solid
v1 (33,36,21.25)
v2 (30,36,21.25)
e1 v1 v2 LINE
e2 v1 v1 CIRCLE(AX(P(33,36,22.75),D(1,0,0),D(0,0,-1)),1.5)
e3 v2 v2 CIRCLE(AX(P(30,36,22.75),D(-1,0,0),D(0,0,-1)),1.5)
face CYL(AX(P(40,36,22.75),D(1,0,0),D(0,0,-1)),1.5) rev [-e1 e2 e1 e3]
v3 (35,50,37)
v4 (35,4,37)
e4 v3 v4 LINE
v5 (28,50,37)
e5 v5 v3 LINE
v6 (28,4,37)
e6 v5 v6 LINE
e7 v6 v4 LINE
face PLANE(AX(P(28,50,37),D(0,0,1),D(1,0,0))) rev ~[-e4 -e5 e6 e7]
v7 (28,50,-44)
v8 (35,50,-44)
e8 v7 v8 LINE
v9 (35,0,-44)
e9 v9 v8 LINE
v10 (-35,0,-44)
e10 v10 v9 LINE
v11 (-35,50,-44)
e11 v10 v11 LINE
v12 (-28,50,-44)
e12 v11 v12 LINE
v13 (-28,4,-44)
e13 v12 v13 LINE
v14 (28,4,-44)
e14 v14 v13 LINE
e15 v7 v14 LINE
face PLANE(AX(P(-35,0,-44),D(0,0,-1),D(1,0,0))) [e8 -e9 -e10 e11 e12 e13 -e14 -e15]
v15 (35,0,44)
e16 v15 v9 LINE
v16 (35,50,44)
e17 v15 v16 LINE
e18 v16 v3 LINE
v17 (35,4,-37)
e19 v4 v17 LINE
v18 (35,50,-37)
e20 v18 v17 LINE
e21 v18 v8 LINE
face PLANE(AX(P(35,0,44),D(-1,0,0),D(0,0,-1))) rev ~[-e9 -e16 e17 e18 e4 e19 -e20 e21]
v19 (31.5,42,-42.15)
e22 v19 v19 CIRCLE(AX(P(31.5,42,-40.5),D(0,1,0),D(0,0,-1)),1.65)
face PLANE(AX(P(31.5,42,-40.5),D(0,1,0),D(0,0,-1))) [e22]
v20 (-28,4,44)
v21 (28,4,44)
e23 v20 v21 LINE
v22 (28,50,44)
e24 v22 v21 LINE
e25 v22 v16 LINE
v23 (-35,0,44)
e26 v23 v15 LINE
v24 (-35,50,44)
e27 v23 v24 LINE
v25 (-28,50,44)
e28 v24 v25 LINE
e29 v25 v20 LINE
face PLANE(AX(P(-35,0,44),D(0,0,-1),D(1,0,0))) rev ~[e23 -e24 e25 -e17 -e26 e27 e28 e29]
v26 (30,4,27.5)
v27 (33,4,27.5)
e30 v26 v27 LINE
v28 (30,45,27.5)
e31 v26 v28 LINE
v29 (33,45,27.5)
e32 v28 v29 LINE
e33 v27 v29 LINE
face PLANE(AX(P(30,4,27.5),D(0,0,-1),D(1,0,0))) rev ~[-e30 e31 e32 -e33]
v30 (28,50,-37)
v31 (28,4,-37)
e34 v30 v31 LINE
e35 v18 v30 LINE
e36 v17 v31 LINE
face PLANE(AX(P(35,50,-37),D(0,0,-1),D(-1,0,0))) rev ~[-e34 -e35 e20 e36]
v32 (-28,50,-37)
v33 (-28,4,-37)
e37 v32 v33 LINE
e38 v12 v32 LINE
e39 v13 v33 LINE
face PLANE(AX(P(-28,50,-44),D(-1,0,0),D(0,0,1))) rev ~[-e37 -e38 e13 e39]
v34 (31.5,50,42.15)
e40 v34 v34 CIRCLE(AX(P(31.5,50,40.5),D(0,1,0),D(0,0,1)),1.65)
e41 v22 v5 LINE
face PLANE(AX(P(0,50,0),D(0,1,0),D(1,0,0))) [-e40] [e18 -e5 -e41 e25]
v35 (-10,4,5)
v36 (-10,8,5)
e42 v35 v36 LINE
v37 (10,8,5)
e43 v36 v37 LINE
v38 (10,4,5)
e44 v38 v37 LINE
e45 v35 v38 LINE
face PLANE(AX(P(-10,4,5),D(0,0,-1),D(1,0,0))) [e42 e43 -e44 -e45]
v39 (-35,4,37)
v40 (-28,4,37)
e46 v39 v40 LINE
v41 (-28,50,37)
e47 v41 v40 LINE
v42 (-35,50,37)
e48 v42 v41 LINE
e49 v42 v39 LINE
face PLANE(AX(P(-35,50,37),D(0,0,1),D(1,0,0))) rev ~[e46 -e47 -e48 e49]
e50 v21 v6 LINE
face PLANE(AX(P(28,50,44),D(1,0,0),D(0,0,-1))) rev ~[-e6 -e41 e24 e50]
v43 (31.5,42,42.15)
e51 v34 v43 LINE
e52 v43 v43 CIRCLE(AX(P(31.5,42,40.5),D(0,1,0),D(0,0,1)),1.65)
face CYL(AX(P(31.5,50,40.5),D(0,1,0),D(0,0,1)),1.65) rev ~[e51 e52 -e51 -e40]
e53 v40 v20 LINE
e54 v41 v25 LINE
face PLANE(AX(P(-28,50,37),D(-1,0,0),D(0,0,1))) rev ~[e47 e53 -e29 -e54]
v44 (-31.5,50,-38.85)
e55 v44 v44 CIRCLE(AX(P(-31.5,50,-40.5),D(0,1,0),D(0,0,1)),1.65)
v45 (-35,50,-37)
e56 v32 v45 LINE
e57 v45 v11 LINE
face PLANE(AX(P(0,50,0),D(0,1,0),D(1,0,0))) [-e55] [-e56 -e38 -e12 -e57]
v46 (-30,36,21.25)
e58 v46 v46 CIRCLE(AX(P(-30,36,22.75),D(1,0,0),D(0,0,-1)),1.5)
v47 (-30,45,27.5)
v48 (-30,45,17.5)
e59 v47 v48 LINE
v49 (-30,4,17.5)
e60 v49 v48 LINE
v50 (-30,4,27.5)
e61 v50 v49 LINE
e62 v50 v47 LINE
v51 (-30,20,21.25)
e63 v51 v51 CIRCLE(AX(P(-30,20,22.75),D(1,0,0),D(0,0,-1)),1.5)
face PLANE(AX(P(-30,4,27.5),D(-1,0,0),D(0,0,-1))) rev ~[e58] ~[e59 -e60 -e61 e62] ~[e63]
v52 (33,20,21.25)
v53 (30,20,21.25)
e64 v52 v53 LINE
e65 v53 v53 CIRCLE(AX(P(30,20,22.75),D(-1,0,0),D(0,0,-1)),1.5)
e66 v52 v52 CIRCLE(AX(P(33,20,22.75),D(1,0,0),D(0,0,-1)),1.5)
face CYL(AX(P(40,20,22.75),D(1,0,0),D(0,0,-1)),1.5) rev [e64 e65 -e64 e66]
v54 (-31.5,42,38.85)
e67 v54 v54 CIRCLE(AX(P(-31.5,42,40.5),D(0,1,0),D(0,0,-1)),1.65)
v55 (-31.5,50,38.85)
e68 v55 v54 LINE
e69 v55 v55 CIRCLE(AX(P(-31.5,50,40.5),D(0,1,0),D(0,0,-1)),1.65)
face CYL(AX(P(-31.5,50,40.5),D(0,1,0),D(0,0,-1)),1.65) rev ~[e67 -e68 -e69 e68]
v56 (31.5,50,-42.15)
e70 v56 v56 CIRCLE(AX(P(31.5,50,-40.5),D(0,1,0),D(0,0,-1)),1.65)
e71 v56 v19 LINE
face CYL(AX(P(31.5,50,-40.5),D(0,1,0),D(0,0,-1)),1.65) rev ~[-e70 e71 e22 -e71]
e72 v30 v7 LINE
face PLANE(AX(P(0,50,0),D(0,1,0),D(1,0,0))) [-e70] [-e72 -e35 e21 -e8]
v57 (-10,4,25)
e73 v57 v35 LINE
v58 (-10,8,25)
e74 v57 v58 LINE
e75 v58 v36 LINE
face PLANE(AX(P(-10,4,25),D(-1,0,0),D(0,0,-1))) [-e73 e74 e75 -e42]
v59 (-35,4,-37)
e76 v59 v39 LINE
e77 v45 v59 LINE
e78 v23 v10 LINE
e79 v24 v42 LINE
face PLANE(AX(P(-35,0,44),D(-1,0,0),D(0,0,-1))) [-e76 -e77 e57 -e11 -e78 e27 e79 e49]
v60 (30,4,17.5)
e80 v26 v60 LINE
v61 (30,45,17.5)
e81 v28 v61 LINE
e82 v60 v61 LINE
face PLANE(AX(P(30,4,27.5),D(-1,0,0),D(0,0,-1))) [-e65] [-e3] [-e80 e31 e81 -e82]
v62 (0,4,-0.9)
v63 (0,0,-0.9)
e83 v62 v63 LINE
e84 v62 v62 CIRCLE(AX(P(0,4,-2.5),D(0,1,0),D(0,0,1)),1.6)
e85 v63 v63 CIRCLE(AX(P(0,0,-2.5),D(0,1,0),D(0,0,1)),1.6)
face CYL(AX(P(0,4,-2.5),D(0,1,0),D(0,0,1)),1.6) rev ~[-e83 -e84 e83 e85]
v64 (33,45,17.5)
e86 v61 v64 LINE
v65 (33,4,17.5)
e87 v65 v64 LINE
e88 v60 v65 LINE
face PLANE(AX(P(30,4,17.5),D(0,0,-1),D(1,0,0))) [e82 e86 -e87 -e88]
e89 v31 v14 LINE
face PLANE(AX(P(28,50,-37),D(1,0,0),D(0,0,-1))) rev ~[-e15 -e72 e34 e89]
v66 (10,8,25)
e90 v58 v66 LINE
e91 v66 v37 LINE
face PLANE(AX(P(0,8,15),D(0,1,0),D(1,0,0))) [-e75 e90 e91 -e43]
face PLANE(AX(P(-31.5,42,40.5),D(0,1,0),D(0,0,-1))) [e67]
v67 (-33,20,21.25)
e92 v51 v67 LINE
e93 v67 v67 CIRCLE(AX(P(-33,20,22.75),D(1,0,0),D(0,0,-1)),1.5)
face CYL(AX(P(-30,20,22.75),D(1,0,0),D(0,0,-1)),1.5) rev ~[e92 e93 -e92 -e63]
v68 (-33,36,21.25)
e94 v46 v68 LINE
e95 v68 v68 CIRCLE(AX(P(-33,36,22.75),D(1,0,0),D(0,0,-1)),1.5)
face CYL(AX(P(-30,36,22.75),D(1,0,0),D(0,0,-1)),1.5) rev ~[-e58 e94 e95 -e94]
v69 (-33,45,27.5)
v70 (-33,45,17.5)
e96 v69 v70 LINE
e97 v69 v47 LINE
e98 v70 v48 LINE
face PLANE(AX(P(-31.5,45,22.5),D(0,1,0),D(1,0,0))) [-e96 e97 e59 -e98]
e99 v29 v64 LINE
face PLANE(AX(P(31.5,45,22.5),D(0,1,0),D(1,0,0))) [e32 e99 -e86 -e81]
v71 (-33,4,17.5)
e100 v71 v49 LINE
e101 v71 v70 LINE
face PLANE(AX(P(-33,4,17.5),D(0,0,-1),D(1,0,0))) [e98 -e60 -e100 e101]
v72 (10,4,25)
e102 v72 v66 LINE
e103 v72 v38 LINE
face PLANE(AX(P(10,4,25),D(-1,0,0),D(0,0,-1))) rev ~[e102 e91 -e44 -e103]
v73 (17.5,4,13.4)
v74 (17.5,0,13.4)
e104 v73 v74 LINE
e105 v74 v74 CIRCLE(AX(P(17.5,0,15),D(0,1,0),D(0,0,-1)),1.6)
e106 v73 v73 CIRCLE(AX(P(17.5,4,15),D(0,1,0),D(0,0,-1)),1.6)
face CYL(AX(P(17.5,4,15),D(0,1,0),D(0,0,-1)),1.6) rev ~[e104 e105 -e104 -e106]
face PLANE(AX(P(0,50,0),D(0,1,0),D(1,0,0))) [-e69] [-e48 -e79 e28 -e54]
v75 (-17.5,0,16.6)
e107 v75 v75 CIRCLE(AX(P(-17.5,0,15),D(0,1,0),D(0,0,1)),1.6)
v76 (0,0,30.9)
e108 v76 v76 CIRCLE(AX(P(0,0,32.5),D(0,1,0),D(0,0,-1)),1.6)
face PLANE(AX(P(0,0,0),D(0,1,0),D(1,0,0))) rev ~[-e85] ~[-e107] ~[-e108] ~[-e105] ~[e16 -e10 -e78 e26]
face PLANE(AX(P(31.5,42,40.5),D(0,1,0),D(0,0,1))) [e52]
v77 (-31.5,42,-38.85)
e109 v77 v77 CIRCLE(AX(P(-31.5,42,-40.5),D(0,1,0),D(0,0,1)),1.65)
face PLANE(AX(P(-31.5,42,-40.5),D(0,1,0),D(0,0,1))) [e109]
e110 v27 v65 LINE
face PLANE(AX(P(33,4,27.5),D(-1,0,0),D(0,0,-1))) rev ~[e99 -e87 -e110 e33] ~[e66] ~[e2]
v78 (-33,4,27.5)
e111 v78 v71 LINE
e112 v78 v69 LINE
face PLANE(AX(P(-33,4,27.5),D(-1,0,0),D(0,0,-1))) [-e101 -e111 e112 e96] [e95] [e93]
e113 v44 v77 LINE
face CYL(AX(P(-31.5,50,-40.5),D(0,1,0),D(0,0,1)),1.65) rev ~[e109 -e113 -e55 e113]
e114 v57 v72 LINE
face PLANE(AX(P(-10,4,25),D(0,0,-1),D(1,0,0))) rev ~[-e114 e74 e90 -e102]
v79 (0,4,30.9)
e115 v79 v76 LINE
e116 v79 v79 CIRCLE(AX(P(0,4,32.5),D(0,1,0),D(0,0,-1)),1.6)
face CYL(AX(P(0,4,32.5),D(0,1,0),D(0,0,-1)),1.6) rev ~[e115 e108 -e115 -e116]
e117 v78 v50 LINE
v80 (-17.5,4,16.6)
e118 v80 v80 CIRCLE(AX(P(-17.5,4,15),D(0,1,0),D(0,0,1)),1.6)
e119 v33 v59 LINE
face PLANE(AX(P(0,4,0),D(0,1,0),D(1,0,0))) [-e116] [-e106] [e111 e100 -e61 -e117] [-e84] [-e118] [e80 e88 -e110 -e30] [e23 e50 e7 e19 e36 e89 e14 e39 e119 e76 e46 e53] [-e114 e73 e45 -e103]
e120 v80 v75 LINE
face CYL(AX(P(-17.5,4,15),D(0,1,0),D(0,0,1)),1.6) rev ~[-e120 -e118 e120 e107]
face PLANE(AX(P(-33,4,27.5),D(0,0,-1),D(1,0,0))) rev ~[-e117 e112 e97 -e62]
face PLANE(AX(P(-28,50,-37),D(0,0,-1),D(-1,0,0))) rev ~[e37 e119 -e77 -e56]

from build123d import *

# Parameters (mm, degrees)
SKETCH1_W           = 70
SKETCH1_H           = 88
BOSS_EXTRUDE1_DEPTH = 50
SKETCH2_R           = 1.65
CUT_EXTRUDE1_DEPTH  = 8
CUT_EXTRUDE2_DEPTH  = 46
SKETCH5_R           = 1.6
CUT_EXTRUDE4_DEPTH  = 73.642962495
SKETCH6_W           = 20
SKETCH6_H           = 20
BOSS_EXTRUDE2_DEPTH = 4
SKETCH7_W           = 3
SKETCH7_H           = 10
BOSS_EXTRUDE3_DEPTH = 41
SKETCH8_R           = 1.5
CUT_EXTRUDE5_DEPTH  = 10
CUT_EXTRUDE6_START  = -10
SKETCH9_R           = 1.5
CUT_EXTRUDE6_DEPTH  = 10


with BuildPart() as part:
    # Sketch1 → Boss-Extrude1 (new body)
    with BuildSketch(Plane(origin=(0, 0, 0), x_dir=(1, 0, 0), z_dir=(0, 1, 0))):
        Rectangle(SKETCH1_W, SKETCH1_H)
    extrude(amount=BOSS_EXTRUDE1_DEPTH)

    # Sketch2 → Cut-Extrude1 (cut)
    with BuildSketch(Plane(origin=(0, 50, 0), x_dir=(1, 0, 0), z_dir=(0, 1, 0))):
        with Locations(Location((-31.5, 40.5, 0), (0, 0, 270))):
            Circle(SKETCH2_R)
        with Locations(Location((31.5, 40.5, 0), (0, 0, 90))):
            Circle(SKETCH2_R)
        with Locations(Location((31.5, -40.5, 0), (0, 0, 270))):
            Circle(SKETCH2_R)
        with Locations(Location((-31.5, -40.5, 0), (0, 0, 90))):
            Circle(SKETCH2_R)
    extrude(amount=-CUT_EXTRUDE1_DEPTH, mode=Mode.SUBTRACT)

    # Sketch3 → Cut-Extrude2 (cut)
    with BuildSketch(Plane(origin=(0, 50, 0), x_dir=(1, 0, 0), z_dir=(0, 1, 0))):
        Polygon((-28, -44), (28, -44), (28, -37), (35, -37), (35, 37), (28, 37), (28, 44), (-28, 44), (-28, 37), (-35, 37), (-35, -37), (-28, -37), align=None)
    extrude(amount=-CUT_EXTRUDE2_DEPTH, mode=Mode.SUBTRACT)

    # Sketch5 → Cut-Extrude4 (cut, through all)
    with BuildSketch(Plane(origin=(0, 4, 0), x_dir=(1, 0, 0), z_dir=(0, 1, 0))):
        with Locations(Location((-17.5, -15, 0), (0, 0, 270))):
            Circle(SKETCH5_R)
        with Locations(Location((0, 2.5, 0), (0, 0, 270))):
            Circle(SKETCH5_R)
        with Locations(Location((0, -32.5, 0), (0, 0, 90))):
            Circle(SKETCH5_R)
        with Locations(Location((17.5, -15, 0), (0, 0, 90))):
            Circle(SKETCH5_R)
    extrude(amount=-CUT_EXTRUDE4_DEPTH, mode=Mode.SUBTRACT)

    # Sketch6 → Boss-Extrude2 (add)
    with BuildSketch(Plane(origin=(0, 4, 0), x_dir=(1, 0, 0), z_dir=(0, 1, 0))):
        with Locations((0, -15)):
            Rectangle(SKETCH6_W, SKETCH6_H)
    extrude(amount=BOSS_EXTRUDE2_DEPTH)

    # Sketch7 → Boss-Extrude3 (add)
    with BuildSketch(Plane(origin=(0, 4, 0), x_dir=(1, 0, 0), z_dir=(0, 1, 0))):
        with Locations((-31.5, -22.5)):
            Rectangle(SKETCH7_W, SKETCH7_H)
        with Locations((31.5, -22.5)):
            Rectangle(SKETCH7_W, SKETCH7_H)
    extrude(amount=BOSS_EXTRUDE3_DEPTH)

    # Sketch8 → Cut-Extrude5 (cut)
    with BuildSketch(Plane(origin=(-30, 0, 0), x_dir=(0, 0, -1), z_dir=(1, 0, 0))):
        with Locations((-22.75, 20)):
            Circle(SKETCH8_R)
        with Locations((-22.75, 36)):
            Circle(SKETCH8_R)
    extrude(amount=-CUT_EXTRUDE5_DEPTH, mode=Mode.SUBTRACT)

    # Sketch9 → Cut-Extrude6 (cut)
    with BuildSketch(Plane.ZY.offset(-30).offset(CUT_EXTRUDE6_START)):
        with Locations(Location((22.75, 20, 0), (0, 0, 180))):
            Circle(SKETCH9_R)
        with Locations(Location((22.75, 36, 0), (0, 0, 180))):
            Circle(SKETCH9_R)
    extrude(amount=CUT_EXTRUDE6_DEPTH, mode=Mode.SUBTRACT)


solid = part.part
